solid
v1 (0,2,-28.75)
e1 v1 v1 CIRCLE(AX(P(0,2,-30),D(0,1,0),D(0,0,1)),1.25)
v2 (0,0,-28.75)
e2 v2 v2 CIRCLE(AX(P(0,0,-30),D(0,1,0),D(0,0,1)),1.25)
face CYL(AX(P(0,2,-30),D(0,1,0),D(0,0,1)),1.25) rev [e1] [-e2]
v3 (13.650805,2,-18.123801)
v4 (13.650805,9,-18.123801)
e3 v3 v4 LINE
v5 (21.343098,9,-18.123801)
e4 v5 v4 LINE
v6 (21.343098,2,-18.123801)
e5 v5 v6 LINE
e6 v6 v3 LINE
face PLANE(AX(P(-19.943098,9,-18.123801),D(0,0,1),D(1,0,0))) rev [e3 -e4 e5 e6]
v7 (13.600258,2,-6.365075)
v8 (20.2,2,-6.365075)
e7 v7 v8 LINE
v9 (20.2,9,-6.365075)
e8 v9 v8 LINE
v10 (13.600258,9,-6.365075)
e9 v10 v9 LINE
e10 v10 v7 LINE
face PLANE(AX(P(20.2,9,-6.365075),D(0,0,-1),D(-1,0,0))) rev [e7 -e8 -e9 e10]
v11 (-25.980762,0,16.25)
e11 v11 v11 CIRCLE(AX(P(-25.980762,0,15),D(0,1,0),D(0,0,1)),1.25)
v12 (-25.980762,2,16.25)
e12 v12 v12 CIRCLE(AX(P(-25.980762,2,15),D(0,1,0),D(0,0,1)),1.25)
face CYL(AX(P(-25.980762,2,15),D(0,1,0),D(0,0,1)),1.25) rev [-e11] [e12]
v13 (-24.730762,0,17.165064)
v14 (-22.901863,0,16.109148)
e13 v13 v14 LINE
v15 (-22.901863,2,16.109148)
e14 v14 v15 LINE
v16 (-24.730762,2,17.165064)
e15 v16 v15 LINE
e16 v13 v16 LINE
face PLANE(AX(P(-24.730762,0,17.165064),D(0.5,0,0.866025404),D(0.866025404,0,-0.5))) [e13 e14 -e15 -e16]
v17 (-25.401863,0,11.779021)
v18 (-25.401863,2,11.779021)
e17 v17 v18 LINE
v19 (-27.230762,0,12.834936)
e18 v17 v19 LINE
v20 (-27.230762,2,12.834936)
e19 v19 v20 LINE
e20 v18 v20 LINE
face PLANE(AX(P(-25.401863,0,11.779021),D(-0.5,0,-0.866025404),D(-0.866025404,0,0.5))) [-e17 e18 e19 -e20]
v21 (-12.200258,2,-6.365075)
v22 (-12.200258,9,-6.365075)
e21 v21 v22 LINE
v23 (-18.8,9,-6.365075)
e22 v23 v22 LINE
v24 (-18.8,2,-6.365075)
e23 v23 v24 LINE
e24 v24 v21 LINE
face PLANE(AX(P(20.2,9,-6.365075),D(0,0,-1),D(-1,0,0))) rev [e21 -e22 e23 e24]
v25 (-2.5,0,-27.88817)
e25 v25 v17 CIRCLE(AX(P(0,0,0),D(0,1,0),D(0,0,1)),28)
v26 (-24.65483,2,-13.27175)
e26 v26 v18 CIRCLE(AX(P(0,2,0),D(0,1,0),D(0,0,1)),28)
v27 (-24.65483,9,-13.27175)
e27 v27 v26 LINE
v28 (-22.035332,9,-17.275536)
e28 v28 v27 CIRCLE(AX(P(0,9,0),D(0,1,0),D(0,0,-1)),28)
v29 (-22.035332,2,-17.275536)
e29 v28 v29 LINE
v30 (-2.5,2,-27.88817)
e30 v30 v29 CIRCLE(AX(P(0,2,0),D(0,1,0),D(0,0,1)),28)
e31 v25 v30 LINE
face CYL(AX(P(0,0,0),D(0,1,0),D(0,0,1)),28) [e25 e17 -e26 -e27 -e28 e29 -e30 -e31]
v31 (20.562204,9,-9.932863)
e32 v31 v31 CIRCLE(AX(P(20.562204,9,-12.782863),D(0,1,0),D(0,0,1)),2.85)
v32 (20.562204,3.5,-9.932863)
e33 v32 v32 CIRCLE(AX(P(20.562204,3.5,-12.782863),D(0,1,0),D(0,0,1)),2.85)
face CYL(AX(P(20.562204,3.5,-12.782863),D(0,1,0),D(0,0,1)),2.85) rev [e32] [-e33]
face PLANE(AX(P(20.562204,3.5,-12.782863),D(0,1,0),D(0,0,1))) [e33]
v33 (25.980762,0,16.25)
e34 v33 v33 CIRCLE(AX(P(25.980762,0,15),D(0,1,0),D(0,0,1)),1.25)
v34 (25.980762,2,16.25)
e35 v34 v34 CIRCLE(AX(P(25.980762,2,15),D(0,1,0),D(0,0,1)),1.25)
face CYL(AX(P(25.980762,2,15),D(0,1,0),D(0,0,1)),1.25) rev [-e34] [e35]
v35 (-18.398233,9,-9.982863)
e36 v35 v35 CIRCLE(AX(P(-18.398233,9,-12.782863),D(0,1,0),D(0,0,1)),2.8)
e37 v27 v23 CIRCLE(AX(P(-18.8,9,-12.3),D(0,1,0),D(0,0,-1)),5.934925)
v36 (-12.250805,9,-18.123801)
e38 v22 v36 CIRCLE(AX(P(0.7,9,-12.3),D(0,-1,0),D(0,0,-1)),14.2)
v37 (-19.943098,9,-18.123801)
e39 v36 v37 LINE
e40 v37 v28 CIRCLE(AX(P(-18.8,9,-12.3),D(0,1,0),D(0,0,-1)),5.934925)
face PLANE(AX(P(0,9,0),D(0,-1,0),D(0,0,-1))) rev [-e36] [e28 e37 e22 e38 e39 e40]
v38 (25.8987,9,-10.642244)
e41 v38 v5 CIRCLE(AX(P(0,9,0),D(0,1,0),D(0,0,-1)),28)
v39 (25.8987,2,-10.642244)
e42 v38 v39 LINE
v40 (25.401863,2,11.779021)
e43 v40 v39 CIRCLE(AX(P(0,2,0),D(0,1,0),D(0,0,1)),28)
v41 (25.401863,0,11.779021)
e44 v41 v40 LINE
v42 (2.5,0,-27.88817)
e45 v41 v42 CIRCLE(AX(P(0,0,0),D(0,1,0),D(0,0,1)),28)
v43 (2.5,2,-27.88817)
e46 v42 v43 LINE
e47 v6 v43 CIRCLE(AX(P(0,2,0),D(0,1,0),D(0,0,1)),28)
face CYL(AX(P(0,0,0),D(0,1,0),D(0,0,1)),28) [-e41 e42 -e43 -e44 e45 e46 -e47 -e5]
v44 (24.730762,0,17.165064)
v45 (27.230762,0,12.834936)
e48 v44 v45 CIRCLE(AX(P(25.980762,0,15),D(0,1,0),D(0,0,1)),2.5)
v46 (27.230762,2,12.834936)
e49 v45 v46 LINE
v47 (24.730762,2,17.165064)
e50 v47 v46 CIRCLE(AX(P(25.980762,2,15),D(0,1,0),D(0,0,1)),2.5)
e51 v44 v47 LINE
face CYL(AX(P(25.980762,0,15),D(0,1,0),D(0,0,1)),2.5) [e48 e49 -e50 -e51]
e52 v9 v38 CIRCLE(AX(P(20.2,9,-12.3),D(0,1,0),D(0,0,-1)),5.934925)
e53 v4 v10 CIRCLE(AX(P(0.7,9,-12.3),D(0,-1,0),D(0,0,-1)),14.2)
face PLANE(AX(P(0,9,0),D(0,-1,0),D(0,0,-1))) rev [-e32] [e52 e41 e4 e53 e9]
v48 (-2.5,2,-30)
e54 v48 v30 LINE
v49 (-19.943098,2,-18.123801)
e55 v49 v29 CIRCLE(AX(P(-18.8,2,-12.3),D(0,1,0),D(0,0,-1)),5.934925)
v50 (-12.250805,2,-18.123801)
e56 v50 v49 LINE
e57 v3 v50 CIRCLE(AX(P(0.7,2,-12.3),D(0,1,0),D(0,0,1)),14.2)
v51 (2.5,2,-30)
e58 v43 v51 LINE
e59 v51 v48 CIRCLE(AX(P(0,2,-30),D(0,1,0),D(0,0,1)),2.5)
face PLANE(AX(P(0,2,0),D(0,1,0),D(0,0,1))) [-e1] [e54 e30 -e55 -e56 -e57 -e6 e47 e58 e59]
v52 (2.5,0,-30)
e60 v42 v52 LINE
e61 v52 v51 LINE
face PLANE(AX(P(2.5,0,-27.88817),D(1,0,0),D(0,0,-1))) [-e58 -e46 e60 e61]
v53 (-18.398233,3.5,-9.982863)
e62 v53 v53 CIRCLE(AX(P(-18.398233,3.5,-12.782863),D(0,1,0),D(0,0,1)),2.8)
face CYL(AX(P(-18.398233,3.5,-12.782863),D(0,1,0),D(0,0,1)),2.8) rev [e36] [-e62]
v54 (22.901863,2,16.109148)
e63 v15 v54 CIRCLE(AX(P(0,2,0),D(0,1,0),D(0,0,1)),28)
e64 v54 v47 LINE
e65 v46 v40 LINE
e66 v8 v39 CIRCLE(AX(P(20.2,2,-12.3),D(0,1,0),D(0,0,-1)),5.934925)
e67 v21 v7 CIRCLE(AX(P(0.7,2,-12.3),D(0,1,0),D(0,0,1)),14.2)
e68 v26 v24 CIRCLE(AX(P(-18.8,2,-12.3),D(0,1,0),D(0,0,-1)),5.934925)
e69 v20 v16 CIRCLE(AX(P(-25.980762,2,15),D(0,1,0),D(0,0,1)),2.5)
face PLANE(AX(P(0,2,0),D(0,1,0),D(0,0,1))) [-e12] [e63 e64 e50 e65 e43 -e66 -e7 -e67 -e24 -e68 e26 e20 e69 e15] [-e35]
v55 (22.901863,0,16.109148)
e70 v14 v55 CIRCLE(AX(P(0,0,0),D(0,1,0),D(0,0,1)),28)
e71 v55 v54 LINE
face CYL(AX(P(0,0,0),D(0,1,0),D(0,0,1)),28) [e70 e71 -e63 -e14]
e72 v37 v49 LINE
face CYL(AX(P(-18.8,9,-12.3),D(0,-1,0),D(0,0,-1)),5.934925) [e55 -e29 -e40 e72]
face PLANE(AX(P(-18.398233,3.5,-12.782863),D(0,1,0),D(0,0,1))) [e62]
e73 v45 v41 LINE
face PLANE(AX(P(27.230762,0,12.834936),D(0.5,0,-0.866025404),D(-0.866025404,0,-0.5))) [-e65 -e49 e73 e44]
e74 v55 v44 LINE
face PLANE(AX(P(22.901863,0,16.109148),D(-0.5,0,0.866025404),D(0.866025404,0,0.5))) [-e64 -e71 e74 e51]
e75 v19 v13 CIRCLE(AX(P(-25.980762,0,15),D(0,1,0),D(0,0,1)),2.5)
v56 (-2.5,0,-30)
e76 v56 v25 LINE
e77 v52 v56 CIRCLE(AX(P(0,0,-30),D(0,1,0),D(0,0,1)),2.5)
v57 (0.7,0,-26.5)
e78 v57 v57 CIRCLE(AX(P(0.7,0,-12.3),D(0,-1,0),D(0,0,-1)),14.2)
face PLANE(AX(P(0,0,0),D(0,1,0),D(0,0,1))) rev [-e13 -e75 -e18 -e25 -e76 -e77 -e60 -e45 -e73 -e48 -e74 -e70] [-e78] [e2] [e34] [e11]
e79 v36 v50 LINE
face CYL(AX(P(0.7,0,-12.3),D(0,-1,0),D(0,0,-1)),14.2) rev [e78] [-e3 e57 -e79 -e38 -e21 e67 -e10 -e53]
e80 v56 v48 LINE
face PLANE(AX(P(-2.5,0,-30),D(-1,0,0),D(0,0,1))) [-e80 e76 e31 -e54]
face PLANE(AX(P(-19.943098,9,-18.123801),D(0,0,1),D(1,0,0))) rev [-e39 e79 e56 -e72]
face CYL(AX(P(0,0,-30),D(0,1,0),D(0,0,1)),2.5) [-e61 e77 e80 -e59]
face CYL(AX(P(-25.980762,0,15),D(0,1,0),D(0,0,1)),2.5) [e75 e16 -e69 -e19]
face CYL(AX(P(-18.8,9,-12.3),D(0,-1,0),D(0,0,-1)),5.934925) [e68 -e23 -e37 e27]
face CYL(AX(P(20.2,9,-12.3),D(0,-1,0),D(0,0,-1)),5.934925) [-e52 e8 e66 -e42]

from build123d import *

# Parameters (mm, degrees)
BOSS_EXTRUDE3_DEPTH        = 2
BOSS_EXTRUDE4_START        = 7
BOSS_EXTRUDE4_DEPTH        = 7
F_2_5_2_5_DIAMETER_HOLE2_D = 2.5
M25_CLEARANCE_HOLE2_D      = 28.4
SKETCH27_R                 = 2.8
SKETCH27_R_2               = 2.85
CUT_EXTRUDE7_DEPTH         = 5.5


with BuildPart() as part:
    # Sketch14 → Boss-Extrude3 (new body)
    with BuildSketch(Plane(origin=(0, 2, 0), x_dir=(1, 0, 0), z_dir=(0, 1, 0))):
        with BuildLine():
            Line((-25.401863282, -11.779021258), (-27.230762114, -12.834936491))
            ThreePointArc((-27.230762114, -12.834936491), (-28.145825623, -16.25), (-24.730762114, -17.165063509))
            Line((-24.730762114, -17.165063509), (-22.901863282, -16.109148277))
            ThreePointArc((-22.901863282, -16.109148277), (0, -28), (22.901863282, -16.109148277))
            Line((22.901863282, -16.109148277), (24.730762114, -17.165063509))
            ThreePointArc((24.730762114, -17.165063509), (28.145825623, -16.25), (27.230762114, -12.834936491))
            Line((27.230762114, -12.834936491), (25.401863282, -11.779021258))
            ThreePointArc((25.401863282, -11.779021258), (24.248711306, 14), (2.5, 27.888169535))
            Line((2.5, 27.888169535), (2.5, 30))
            ThreePointArc((2.5, 30), (0, 32.5), (-2.5, 30))
            Line((-2.5, 30), (-2.5, 27.888169535))
            ThreePointArc((-2.5, 27.888169535), (-24.248711306, 14), (-25.401863282, -11.779021258))
        make_face()
    extrude(amount=-BOSS_EXTRUDE3_DEPTH)

    # Sketch15 → Boss-Extrude4 (add)
    with BuildSketch(Plane(origin=(0, 2, 0), x_dir=(-1, 0, 0), z_dir=(0, 1, 0)).offset(BOSS_EXTRUDE4_START)):
        with BuildLine():
            Line((-20.2, -6.36507512), (18.8, -6.36507512))
            ThreePointArc((18.8, -6.36507512), (23.327173423, -8.462287904), (24.654830029, -13.271750307))
            ThreePointArc((24.654830029, -13.271750307), (23.430757061, -15.329697439), (22.035331707, -17.275536361))
            ThreePointArc((22.035331707, -17.275536361), (21.029921495, -17.800071223), (19.943097949, -18.123801199))
            Line((19.943097949, -18.123801199), (-21.343097949, -18.123801199))
            ThreePointArc((-21.343097949, -18.123801199), (-23.915273063, -14.562270232), (-25.898699677, -10.64224389))
            ThreePointArc((-25.898699677, -10.64224389), (-23.762630724, -7.553317405), (-20.2, -6.36507512))
        make_face()
    extrude(amount=-BOSS_EXTRUDE4_DEPTH)

    # Ø2.5 (2.5) Diameter Hole2 (through all)
    with Locations(Plane(origin=(0, 2, 0), x_dir=(1, 0, 0), z_dir=(0, 1, 0))):
        with Locations((-25.980762114, -15), (25.980762114, -15), (0, 30)):
            Hole(F_2_5_2_5_DIAMETER_HOLE2_D / 2)

    # M25 Clearance Hole2 (through all)
    with Locations(Plane(origin=(0, 0, 0), x_dir=(-1, 0, 0), z_dir=(0, -1, 0))):
        with Locations((-0.7, 12.3)):
            Hole(M25_CLEARANCE_HOLE2_D / 2)

    # Sketch27 → Cut-Extrude7 (cut)
    with BuildSketch(Plane(origin=(0, 9, 0), x_dir=(1, 0, 0), z_dir=(0, 1, 0))):
        with Locations(Location((-18.398233243, 12.782862889, 0), (0, 0, 270))):
            Circle(SKETCH27_R)
        with Locations(Location((20.562204281, 12.782862889, 0), (0, 0, 270))):
            Circle(SKETCH27_R_2)
    extrude(amount=-CUT_EXTRUDE7_DEPTH, mode=Mode.SUBTRACT)


solid = part.part
